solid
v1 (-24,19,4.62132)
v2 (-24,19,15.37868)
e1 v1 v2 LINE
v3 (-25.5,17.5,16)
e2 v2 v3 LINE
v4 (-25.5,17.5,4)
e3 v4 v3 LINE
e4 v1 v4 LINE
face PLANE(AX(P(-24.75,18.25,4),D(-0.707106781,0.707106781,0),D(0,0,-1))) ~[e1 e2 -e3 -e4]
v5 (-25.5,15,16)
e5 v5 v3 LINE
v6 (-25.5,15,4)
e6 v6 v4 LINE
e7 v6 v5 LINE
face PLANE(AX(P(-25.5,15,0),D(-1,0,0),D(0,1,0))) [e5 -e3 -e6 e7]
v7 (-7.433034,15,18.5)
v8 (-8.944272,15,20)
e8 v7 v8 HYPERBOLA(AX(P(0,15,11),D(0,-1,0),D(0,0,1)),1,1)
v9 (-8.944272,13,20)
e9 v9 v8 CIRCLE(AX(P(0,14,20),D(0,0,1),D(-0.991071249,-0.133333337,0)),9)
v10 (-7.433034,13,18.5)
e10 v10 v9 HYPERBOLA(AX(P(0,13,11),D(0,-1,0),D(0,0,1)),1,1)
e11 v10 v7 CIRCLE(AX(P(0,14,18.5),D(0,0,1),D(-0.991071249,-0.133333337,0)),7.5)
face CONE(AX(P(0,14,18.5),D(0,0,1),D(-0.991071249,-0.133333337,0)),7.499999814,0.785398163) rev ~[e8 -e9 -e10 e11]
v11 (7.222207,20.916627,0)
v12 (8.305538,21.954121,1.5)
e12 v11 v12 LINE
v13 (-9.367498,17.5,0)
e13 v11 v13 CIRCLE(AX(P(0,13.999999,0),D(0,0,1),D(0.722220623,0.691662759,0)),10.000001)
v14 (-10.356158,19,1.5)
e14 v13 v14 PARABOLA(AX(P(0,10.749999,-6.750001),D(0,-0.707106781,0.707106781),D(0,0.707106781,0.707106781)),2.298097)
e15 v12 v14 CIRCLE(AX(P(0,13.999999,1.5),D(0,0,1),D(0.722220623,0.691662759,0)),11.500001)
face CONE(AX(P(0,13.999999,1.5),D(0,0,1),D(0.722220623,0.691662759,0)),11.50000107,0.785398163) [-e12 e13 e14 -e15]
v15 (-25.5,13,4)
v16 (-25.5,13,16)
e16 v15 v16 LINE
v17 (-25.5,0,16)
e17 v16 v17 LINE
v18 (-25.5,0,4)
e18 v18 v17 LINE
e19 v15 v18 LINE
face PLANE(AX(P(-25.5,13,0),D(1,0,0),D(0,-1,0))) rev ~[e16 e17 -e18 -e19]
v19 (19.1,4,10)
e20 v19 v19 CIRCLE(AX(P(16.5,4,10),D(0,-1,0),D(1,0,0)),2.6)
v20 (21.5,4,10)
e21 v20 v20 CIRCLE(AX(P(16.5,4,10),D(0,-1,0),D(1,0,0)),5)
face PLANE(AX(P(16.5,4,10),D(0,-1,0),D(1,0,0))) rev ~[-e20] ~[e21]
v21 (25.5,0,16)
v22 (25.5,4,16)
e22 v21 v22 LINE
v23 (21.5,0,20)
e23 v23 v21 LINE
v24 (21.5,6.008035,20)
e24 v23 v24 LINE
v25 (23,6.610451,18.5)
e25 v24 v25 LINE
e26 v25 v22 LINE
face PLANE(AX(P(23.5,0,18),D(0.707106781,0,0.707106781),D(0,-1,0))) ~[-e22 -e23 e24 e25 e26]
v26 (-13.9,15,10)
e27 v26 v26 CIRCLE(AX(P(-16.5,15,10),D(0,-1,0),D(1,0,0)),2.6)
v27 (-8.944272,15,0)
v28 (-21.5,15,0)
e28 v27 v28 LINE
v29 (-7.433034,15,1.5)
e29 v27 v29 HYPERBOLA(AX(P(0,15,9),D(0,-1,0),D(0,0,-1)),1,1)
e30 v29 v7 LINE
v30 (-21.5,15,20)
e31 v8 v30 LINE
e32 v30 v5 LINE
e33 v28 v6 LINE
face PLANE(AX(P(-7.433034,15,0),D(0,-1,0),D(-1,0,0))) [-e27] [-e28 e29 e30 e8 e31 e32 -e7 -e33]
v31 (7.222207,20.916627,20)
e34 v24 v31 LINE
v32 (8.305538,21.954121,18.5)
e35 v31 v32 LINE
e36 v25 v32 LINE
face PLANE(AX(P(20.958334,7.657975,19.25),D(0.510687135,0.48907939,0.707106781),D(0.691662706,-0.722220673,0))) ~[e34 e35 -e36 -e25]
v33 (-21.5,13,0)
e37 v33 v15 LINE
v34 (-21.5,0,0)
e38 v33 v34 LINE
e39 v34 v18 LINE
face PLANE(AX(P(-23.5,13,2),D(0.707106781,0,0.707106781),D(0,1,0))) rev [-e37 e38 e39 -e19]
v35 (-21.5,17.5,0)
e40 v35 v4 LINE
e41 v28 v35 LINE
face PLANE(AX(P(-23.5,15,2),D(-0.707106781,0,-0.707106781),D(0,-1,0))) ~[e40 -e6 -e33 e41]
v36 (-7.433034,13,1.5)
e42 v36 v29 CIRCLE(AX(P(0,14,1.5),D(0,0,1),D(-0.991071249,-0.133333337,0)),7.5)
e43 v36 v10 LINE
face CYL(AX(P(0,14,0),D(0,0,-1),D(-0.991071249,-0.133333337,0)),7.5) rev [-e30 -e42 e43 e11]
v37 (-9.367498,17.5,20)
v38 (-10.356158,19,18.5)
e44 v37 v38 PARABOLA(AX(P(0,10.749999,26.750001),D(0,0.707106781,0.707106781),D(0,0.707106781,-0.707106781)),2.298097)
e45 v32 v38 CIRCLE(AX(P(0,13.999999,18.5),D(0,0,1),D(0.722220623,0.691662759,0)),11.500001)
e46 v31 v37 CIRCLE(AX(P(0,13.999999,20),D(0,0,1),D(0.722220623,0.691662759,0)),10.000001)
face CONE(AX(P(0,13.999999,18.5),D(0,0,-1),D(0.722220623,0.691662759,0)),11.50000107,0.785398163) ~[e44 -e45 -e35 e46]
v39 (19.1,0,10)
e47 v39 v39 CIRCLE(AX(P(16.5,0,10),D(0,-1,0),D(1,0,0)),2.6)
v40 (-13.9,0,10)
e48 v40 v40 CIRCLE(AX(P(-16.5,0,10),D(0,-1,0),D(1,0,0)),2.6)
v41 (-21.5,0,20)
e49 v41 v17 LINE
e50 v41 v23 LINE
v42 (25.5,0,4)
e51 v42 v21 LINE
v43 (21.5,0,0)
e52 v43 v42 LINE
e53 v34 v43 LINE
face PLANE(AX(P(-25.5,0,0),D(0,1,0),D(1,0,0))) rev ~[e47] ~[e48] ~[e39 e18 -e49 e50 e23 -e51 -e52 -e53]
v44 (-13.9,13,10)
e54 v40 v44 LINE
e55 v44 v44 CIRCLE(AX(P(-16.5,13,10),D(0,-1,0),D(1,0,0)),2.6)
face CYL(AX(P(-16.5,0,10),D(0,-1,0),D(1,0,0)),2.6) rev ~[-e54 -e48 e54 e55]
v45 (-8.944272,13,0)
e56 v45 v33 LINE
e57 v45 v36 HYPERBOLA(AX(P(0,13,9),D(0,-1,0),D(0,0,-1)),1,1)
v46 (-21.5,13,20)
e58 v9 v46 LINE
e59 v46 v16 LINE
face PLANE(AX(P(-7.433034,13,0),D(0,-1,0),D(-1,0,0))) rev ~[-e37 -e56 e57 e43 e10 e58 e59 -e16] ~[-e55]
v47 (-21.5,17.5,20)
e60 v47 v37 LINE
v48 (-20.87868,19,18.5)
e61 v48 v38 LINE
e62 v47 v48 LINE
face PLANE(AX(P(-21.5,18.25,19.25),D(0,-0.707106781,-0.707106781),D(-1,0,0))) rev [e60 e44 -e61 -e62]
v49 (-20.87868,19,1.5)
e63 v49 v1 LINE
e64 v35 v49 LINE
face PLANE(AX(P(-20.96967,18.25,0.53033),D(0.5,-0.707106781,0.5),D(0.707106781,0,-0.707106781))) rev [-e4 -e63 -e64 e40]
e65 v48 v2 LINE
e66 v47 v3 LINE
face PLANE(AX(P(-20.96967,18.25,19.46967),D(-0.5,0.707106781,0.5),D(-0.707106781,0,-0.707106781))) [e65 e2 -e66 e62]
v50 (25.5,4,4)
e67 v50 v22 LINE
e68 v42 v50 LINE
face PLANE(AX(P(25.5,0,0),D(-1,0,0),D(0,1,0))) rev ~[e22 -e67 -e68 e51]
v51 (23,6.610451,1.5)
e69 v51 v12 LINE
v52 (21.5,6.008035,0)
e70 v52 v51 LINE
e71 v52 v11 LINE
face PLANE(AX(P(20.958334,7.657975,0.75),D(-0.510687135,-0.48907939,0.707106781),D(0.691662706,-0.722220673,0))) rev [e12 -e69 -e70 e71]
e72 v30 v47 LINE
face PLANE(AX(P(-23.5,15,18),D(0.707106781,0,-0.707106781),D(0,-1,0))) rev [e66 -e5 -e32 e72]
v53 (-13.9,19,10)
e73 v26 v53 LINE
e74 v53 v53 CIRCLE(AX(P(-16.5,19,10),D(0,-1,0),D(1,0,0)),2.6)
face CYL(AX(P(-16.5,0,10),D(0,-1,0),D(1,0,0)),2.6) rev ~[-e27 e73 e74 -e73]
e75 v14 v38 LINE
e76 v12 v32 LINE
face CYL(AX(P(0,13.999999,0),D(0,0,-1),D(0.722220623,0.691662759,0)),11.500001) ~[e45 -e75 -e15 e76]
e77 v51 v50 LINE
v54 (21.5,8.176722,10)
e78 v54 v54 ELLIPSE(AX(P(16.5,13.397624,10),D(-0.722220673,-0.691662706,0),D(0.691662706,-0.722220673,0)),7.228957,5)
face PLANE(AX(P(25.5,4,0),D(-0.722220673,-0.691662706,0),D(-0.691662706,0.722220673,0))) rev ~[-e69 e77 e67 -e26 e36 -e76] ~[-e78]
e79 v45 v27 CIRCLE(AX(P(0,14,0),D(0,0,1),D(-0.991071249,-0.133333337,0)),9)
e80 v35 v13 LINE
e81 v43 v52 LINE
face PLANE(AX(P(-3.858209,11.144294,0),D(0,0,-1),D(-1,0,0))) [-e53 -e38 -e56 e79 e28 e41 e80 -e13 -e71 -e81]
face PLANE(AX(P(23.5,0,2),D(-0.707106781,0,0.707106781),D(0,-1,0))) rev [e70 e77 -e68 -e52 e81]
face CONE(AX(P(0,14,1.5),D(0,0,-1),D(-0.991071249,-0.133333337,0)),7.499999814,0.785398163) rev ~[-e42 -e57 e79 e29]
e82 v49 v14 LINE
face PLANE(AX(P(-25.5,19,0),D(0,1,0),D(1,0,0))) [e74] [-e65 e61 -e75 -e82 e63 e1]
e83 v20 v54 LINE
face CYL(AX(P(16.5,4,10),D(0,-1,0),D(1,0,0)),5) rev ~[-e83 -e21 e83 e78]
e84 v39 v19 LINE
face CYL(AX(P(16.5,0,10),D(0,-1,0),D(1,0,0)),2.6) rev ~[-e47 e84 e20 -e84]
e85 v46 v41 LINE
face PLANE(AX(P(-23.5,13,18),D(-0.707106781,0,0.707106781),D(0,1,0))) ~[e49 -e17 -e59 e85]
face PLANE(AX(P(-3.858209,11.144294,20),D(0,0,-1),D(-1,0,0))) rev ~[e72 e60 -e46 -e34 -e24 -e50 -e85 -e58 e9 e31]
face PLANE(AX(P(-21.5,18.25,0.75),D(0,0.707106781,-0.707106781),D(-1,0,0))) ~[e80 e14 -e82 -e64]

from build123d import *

# Parameters (mm, degrees)
PAD_DEPTH       = 20
SKETCH001_R     = 2.6
POCKET_DEPTH    = 25.501
SKETCH002_R     = 5
POCKET001_DEPTH = 21.501
CHAMFER_SIZE    = 4
CHAMFER001_SIZE = 1.5


with BuildPart() as part:
    # Sketch → Pad (new body)
    with BuildSketch(Plane.XY):
        with BuildLine():
            ThreePointArc((-7.433034, 13), (7.5, 14), (-7.433034, 15))
            Line((-7.433034, 15), (-25.5, 15))
            Line((-25.5, 15), (-25.5, 19))
            Line((-25.5, 19), (-10.356158, 19))
            ThreePointArc((8.305538, 21.954121), (-1.798046, 25.358566), (-10.356158, 19))
            Line((25.5, 4), (8.305538, 21.954121))
            Line((25.5, 0), (25.5, 4))
            Line((-25.5, 0), (25.5, 0))
            Line((-25.5, 13), (-25.5, 0))
            Line((-7.433034, 13), (-25.5, 13))
        make_face()
    extrude(amount=PAD_DEPTH)

    # Sketch001 → Pocket (cut, through all)
    with BuildSketch(Plane.XZ):
        with Locations((-16.5, 10)):
            Circle(SKETCH001_R)
        with Locations((16.5, 10)):
            Circle(SKETCH001_R)
    extrude(amount=-POCKET_DEPTH, mode=Mode.SUBTRACT)

    # Sketch002 (on DatumPlane) → Pocket001 (cut, through all)
    with BuildSketch(Plane.XZ.offset(-4)):
        with Locations((16.5, 10)):
            Circle(SKETCH002_R)
    extrude(amount=-POCKET001_DEPTH, mode=Mode.SUBTRACT)

    # Chamfer
    chamfer_edges = [part.edges().sort_by_distance(p)[0] for p in [
        (-25.5, 17, 20),
        (-25.5, 6.5, 20),
        (-25.5, 17, 0),
        (-25.5, 6.5, 0),
        (25.5, 2, 20),
        (25.5, 2, 0),
    ]]
    chamfer(chamfer_edges, length=CHAMFER_SIZE)

    # Chamfer001
    chamfer001_edges = [part.edges().sort_by_distance(p)[0] for p in [
        (7.5, 14, 20),
        (7.5, 14, 0),
        (-1.798046, 25.358566, 20),
        (-15.928079, 19, 20),
        (-23.5, 19, 18),
        (-25.5, 19, 10),
        (-23.5, 19, 2),
        (-15.928079, 19, 0),
        (-1.798046, 25.358566, 0),
        (14.902769, 15.065421, 20),
        (14.902769, 15.065421, 0),
    ]]
    chamfer(chamfer001_edges, length=CHAMFER001_SIZE)


solid = part.part
